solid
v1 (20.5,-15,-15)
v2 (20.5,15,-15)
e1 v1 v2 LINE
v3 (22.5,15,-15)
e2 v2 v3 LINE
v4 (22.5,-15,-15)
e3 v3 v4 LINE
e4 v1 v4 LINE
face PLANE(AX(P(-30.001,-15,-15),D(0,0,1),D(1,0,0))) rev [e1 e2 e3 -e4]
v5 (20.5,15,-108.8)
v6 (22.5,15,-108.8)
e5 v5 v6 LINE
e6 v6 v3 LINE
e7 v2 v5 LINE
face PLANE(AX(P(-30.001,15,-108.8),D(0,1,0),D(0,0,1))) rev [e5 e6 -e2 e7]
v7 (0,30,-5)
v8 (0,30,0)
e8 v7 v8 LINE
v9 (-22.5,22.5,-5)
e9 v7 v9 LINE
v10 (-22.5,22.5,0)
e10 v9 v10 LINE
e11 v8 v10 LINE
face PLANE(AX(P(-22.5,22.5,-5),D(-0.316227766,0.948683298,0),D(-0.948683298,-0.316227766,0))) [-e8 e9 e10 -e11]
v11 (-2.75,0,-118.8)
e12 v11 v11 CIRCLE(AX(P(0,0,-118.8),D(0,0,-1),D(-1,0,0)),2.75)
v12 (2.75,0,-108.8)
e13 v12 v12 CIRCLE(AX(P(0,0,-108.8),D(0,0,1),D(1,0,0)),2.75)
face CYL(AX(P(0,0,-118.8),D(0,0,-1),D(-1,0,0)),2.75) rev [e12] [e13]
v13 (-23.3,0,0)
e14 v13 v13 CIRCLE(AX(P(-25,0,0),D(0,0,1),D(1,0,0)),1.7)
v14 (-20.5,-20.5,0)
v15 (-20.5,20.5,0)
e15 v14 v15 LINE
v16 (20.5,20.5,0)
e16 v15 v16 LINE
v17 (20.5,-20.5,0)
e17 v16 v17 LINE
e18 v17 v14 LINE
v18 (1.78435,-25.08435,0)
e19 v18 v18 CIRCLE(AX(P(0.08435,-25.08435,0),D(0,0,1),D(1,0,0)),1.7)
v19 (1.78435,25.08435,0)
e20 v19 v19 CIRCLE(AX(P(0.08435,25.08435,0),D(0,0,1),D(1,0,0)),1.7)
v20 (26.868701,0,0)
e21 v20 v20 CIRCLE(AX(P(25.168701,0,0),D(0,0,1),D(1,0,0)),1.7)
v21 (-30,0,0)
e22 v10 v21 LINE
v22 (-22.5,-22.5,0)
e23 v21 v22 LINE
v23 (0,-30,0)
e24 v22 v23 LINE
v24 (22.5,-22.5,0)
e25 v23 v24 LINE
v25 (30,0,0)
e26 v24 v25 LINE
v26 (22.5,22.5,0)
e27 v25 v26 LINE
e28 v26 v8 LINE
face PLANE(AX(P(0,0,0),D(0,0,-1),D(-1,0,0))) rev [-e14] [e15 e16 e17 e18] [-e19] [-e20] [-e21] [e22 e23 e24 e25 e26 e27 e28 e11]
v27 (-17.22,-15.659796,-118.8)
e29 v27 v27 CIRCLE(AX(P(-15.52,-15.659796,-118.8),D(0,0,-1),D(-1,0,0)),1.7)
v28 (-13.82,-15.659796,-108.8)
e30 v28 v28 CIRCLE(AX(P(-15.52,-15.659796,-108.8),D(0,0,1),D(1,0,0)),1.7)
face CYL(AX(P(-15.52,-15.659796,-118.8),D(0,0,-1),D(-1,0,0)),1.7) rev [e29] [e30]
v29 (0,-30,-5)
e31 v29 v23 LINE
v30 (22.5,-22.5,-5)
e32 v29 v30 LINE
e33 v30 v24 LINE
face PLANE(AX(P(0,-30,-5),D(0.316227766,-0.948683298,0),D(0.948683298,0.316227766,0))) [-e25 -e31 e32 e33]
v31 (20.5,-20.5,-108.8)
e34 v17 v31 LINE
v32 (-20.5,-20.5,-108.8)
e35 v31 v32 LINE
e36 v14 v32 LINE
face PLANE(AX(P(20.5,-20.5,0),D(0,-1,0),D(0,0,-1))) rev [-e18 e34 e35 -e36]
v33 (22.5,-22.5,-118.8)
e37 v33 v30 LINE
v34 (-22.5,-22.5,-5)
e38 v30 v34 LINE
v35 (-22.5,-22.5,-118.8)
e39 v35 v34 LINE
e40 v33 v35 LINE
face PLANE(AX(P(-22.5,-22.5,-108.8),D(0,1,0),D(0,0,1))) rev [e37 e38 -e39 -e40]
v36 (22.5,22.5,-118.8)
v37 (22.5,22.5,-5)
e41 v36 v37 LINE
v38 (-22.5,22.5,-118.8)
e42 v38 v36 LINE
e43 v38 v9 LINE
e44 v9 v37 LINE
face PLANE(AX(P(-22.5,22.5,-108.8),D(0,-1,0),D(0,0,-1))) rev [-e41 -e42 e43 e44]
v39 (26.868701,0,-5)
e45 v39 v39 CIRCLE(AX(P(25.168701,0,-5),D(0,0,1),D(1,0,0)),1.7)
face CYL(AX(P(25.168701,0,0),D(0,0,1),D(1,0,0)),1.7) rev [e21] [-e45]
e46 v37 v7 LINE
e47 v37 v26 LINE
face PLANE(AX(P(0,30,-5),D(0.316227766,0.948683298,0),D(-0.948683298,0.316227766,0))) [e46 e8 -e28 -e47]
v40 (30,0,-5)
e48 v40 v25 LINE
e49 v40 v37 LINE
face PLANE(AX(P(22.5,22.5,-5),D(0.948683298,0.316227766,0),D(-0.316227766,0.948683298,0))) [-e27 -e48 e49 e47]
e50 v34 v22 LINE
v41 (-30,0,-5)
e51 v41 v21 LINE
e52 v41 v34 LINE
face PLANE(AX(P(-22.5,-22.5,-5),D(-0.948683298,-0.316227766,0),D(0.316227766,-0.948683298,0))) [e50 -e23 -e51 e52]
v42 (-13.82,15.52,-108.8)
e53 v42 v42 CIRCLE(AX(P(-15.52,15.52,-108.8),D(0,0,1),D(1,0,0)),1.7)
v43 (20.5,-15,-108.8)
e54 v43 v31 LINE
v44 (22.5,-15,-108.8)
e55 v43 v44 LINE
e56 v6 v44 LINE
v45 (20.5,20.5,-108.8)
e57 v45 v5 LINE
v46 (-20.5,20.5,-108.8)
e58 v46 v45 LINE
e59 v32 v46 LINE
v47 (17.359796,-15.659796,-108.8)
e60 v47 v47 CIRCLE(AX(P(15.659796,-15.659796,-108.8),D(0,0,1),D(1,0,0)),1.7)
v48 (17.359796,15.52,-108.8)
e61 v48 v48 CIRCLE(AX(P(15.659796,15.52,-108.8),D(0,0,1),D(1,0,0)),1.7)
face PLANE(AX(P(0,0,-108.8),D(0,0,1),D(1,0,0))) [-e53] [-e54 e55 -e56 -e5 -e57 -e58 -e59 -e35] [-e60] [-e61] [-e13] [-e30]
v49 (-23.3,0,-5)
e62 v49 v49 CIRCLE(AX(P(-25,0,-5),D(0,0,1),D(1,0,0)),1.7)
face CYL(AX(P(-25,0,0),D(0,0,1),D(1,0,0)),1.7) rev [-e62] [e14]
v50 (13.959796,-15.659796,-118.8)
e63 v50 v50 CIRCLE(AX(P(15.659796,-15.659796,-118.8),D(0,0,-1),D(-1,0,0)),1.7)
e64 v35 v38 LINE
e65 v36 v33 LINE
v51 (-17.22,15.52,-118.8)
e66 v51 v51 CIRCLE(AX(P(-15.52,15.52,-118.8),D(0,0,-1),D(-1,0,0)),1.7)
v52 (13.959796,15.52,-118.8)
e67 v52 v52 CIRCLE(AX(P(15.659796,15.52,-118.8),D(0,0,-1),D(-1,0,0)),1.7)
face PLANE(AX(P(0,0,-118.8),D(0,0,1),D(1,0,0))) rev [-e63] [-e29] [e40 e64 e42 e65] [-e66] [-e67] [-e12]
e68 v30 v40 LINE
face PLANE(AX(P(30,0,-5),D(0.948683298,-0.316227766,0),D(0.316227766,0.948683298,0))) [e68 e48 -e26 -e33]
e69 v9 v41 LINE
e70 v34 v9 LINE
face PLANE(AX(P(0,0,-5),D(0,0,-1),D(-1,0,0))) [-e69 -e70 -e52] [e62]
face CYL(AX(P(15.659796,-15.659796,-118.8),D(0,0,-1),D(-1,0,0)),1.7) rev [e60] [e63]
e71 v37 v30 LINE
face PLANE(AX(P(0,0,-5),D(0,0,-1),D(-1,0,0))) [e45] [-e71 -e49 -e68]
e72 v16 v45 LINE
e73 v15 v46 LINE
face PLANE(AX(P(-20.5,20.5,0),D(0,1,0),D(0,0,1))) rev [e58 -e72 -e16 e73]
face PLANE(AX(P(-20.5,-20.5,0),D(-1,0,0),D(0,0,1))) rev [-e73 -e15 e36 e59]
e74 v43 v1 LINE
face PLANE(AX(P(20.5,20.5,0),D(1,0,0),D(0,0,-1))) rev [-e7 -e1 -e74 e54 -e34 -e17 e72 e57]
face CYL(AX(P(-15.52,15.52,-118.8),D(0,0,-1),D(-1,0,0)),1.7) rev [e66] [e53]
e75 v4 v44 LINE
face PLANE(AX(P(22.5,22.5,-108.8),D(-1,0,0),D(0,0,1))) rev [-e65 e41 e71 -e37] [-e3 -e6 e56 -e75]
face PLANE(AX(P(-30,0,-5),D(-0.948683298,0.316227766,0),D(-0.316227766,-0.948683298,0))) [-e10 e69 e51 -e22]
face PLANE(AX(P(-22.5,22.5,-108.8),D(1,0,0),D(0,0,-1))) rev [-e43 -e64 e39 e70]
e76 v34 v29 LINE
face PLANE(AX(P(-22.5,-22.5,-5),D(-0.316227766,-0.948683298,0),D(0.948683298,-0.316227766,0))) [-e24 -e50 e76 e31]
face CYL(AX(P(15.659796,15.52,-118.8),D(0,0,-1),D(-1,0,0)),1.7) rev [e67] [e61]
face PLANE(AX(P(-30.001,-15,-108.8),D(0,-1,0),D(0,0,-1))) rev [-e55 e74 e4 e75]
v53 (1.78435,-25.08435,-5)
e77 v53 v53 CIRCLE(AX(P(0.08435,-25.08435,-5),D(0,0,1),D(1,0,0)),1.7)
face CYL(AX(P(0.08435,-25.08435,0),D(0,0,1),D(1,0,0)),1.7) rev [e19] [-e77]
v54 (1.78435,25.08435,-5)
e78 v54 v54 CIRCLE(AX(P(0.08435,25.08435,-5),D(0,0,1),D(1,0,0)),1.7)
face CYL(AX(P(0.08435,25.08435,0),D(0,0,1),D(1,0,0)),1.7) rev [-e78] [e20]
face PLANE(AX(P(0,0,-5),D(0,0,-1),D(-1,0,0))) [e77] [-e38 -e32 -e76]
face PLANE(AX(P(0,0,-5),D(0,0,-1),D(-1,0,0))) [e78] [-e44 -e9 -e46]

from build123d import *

# Parameters (mm, degrees)
ESTRUSIONE_ESTRUSIONE1_DEPTH = 5
FORO_PER_VITE_M3_1_D         = 3.4
RIPETIZIONECIRCOLARE1_COUNT  = 4
SCHIZZO4_W                   = 45
SCHIZZO4_H                   = 45
ESTRUSIONE_ESTRUSIONE2_DEPTH = 103.8
SCHIZZO5_W                   = 41
SCHIZZO5_H                   = 41
TAGLIO_ESTRUSIONE1_DEPTH     = 117.779450247
TAGLIO_ESTRUSIONE2_REACH     = 126.474
SCHIZZO6_W                   = 30
SCHIZZO6_H                   = 93.8
SCHIZZO7_W                   = 45
SCHIZZO7_H                   = 45
ESTRUSIONE_ESTRUSIONE3_DEPTH = 10
JOINT_MOTOR_HOUSING_D        = 3.4
RIPETIZIONECIRCOLARE2_COUNT  = 4
JOINT_MOTOR_ARM_D            = 5.5


with BuildPart() as part:
    # Schizzo1 → Estrusione-Estrusione1 (new body)
    with BuildSketch(Plane(origin=(0, 0, 0), x_dir=(0, 1, 0), z_dir=(0, 0, 1))):
        Polygon((-22.5, 22.5), (-30, 0), (-22.5, -22.5), (0, -30), (22.5, -22.5), (30, 0), (22.5, 22.5), (0, 30), align=None)
    extrude(amount=-ESTRUSIONE_ESTRUSIONE1_DEPTH)

    # Foro per Vite M3-1 (through all)
    with Locations(Plane.XY):
        with Locations((-25, 0)):
            foro_per_vite_m3_1 = Hole(FORO_PER_VITE_M3_1_D / 2)

    # RipetizioneCircolare1: Foro per Vite M3-1 ×4 about axis
    ripetizionecircolare1_axis = Axis((0.084350334, 0, 0), (0, 0, 1))
    for i in range(1, RIPETIZIONECIRCOLARE1_COUNT):
        add(foro_per_vite_m3_1.rotate(ripetizionecircolare1_axis, i * 360 / RIPETIZIONECIRCOLARE1_COUNT), mode=Mode.SUBTRACT)

    # Schizzo4 → Estrusione-Estrusione2 (add)
    with BuildSketch(Plane(origin=(0, 0, -5), x_dir=(1, 0, 0), z_dir=(0, 0, -1))):
        Rectangle(SCHIZZO4_W, SCHIZZO4_H)
    extrude(amount=ESTRUSIONE_ESTRUSIONE2_DEPTH)

    # Schizzo5 → Taglio-Estrusione1 (cut, through all)
    with BuildSketch(Plane(origin=(0, 0, -108.8), x_dir=(1, 0, 0), z_dir=(0, 0, -1))):
        Rectangle(SCHIZZO5_W, SCHIZZO5_H)
    extrude(amount=-TAGLIO_ESTRUSIONE1_DEPTH, mode=Mode.SUBTRACT)

    # Schizzo6 → Taglio-Estrusione2 (cut, up to next)
    with BuildSketch(Plane.YZ.offset(22.5), mode=Mode.PRIVATE) as taglio_estrusione2_sk1:
        with Locations((0, -61.9)):
            Rectangle(SCHIZZO6_W, SCHIZZO6_H)
    taglio_estrusione2_tool1 = extrude(taglio_estrusione2_sk1.sketch, amount=-TAGLIO_ESTRUSIONE2_REACH, mode=Mode.PRIVATE) & part.part
    add(taglio_estrusione2_tool1.solids().sort_by_distance((22.5, 0, -61.9))[0], mode=Mode.SUBTRACT)

    # Schizzo7 → Estrusione-Estrusione3 (add)
    with BuildSketch(Plane(origin=(0, 0, -108.8), x_dir=(1, 0, 0), z_dir=(0, 0, -1))):
        Rectangle(SCHIZZO7_W, SCHIZZO7_H)
    extrude(amount=ESTRUSIONE_ESTRUSIONE3_DEPTH)

    # Joint-motor-housing (through all)
    with Locations(Plane(origin=(0, 0, -118.8), x_dir=(-1, 0, 0), z_dir=(0, 0, -1))):
        with Locations((15.52, 15.52)):
            joint_motor_housing = Hole(JOINT_MOTOR_HOUSING_D / 2)

    # RipetizioneCircolare2: Joint-motor-housing ×4 about axis
    ripetizionecircolare2_axis = Axis((0.069898196, -0.069898196, 0), (0, 0, 1))
    for i in range(1, RIPETIZIONECIRCOLARE2_COUNT):
        add(joint_motor_housing.rotate(ripetizionecircolare2_axis, i * 360 / RIPETIZIONECIRCOLARE2_COUNT), mode=Mode.SUBTRACT)

    # Joint-motor-arm (through all)
    with Locations(Plane(origin=(0, 0, -118.8), x_dir=(-1, 0, 0), z_dir=(0, 0, -1))):
        with Locations((0, 0)):
            Hole(JOINT_MOTOR_ARM_D / 2)


solid = part.part
